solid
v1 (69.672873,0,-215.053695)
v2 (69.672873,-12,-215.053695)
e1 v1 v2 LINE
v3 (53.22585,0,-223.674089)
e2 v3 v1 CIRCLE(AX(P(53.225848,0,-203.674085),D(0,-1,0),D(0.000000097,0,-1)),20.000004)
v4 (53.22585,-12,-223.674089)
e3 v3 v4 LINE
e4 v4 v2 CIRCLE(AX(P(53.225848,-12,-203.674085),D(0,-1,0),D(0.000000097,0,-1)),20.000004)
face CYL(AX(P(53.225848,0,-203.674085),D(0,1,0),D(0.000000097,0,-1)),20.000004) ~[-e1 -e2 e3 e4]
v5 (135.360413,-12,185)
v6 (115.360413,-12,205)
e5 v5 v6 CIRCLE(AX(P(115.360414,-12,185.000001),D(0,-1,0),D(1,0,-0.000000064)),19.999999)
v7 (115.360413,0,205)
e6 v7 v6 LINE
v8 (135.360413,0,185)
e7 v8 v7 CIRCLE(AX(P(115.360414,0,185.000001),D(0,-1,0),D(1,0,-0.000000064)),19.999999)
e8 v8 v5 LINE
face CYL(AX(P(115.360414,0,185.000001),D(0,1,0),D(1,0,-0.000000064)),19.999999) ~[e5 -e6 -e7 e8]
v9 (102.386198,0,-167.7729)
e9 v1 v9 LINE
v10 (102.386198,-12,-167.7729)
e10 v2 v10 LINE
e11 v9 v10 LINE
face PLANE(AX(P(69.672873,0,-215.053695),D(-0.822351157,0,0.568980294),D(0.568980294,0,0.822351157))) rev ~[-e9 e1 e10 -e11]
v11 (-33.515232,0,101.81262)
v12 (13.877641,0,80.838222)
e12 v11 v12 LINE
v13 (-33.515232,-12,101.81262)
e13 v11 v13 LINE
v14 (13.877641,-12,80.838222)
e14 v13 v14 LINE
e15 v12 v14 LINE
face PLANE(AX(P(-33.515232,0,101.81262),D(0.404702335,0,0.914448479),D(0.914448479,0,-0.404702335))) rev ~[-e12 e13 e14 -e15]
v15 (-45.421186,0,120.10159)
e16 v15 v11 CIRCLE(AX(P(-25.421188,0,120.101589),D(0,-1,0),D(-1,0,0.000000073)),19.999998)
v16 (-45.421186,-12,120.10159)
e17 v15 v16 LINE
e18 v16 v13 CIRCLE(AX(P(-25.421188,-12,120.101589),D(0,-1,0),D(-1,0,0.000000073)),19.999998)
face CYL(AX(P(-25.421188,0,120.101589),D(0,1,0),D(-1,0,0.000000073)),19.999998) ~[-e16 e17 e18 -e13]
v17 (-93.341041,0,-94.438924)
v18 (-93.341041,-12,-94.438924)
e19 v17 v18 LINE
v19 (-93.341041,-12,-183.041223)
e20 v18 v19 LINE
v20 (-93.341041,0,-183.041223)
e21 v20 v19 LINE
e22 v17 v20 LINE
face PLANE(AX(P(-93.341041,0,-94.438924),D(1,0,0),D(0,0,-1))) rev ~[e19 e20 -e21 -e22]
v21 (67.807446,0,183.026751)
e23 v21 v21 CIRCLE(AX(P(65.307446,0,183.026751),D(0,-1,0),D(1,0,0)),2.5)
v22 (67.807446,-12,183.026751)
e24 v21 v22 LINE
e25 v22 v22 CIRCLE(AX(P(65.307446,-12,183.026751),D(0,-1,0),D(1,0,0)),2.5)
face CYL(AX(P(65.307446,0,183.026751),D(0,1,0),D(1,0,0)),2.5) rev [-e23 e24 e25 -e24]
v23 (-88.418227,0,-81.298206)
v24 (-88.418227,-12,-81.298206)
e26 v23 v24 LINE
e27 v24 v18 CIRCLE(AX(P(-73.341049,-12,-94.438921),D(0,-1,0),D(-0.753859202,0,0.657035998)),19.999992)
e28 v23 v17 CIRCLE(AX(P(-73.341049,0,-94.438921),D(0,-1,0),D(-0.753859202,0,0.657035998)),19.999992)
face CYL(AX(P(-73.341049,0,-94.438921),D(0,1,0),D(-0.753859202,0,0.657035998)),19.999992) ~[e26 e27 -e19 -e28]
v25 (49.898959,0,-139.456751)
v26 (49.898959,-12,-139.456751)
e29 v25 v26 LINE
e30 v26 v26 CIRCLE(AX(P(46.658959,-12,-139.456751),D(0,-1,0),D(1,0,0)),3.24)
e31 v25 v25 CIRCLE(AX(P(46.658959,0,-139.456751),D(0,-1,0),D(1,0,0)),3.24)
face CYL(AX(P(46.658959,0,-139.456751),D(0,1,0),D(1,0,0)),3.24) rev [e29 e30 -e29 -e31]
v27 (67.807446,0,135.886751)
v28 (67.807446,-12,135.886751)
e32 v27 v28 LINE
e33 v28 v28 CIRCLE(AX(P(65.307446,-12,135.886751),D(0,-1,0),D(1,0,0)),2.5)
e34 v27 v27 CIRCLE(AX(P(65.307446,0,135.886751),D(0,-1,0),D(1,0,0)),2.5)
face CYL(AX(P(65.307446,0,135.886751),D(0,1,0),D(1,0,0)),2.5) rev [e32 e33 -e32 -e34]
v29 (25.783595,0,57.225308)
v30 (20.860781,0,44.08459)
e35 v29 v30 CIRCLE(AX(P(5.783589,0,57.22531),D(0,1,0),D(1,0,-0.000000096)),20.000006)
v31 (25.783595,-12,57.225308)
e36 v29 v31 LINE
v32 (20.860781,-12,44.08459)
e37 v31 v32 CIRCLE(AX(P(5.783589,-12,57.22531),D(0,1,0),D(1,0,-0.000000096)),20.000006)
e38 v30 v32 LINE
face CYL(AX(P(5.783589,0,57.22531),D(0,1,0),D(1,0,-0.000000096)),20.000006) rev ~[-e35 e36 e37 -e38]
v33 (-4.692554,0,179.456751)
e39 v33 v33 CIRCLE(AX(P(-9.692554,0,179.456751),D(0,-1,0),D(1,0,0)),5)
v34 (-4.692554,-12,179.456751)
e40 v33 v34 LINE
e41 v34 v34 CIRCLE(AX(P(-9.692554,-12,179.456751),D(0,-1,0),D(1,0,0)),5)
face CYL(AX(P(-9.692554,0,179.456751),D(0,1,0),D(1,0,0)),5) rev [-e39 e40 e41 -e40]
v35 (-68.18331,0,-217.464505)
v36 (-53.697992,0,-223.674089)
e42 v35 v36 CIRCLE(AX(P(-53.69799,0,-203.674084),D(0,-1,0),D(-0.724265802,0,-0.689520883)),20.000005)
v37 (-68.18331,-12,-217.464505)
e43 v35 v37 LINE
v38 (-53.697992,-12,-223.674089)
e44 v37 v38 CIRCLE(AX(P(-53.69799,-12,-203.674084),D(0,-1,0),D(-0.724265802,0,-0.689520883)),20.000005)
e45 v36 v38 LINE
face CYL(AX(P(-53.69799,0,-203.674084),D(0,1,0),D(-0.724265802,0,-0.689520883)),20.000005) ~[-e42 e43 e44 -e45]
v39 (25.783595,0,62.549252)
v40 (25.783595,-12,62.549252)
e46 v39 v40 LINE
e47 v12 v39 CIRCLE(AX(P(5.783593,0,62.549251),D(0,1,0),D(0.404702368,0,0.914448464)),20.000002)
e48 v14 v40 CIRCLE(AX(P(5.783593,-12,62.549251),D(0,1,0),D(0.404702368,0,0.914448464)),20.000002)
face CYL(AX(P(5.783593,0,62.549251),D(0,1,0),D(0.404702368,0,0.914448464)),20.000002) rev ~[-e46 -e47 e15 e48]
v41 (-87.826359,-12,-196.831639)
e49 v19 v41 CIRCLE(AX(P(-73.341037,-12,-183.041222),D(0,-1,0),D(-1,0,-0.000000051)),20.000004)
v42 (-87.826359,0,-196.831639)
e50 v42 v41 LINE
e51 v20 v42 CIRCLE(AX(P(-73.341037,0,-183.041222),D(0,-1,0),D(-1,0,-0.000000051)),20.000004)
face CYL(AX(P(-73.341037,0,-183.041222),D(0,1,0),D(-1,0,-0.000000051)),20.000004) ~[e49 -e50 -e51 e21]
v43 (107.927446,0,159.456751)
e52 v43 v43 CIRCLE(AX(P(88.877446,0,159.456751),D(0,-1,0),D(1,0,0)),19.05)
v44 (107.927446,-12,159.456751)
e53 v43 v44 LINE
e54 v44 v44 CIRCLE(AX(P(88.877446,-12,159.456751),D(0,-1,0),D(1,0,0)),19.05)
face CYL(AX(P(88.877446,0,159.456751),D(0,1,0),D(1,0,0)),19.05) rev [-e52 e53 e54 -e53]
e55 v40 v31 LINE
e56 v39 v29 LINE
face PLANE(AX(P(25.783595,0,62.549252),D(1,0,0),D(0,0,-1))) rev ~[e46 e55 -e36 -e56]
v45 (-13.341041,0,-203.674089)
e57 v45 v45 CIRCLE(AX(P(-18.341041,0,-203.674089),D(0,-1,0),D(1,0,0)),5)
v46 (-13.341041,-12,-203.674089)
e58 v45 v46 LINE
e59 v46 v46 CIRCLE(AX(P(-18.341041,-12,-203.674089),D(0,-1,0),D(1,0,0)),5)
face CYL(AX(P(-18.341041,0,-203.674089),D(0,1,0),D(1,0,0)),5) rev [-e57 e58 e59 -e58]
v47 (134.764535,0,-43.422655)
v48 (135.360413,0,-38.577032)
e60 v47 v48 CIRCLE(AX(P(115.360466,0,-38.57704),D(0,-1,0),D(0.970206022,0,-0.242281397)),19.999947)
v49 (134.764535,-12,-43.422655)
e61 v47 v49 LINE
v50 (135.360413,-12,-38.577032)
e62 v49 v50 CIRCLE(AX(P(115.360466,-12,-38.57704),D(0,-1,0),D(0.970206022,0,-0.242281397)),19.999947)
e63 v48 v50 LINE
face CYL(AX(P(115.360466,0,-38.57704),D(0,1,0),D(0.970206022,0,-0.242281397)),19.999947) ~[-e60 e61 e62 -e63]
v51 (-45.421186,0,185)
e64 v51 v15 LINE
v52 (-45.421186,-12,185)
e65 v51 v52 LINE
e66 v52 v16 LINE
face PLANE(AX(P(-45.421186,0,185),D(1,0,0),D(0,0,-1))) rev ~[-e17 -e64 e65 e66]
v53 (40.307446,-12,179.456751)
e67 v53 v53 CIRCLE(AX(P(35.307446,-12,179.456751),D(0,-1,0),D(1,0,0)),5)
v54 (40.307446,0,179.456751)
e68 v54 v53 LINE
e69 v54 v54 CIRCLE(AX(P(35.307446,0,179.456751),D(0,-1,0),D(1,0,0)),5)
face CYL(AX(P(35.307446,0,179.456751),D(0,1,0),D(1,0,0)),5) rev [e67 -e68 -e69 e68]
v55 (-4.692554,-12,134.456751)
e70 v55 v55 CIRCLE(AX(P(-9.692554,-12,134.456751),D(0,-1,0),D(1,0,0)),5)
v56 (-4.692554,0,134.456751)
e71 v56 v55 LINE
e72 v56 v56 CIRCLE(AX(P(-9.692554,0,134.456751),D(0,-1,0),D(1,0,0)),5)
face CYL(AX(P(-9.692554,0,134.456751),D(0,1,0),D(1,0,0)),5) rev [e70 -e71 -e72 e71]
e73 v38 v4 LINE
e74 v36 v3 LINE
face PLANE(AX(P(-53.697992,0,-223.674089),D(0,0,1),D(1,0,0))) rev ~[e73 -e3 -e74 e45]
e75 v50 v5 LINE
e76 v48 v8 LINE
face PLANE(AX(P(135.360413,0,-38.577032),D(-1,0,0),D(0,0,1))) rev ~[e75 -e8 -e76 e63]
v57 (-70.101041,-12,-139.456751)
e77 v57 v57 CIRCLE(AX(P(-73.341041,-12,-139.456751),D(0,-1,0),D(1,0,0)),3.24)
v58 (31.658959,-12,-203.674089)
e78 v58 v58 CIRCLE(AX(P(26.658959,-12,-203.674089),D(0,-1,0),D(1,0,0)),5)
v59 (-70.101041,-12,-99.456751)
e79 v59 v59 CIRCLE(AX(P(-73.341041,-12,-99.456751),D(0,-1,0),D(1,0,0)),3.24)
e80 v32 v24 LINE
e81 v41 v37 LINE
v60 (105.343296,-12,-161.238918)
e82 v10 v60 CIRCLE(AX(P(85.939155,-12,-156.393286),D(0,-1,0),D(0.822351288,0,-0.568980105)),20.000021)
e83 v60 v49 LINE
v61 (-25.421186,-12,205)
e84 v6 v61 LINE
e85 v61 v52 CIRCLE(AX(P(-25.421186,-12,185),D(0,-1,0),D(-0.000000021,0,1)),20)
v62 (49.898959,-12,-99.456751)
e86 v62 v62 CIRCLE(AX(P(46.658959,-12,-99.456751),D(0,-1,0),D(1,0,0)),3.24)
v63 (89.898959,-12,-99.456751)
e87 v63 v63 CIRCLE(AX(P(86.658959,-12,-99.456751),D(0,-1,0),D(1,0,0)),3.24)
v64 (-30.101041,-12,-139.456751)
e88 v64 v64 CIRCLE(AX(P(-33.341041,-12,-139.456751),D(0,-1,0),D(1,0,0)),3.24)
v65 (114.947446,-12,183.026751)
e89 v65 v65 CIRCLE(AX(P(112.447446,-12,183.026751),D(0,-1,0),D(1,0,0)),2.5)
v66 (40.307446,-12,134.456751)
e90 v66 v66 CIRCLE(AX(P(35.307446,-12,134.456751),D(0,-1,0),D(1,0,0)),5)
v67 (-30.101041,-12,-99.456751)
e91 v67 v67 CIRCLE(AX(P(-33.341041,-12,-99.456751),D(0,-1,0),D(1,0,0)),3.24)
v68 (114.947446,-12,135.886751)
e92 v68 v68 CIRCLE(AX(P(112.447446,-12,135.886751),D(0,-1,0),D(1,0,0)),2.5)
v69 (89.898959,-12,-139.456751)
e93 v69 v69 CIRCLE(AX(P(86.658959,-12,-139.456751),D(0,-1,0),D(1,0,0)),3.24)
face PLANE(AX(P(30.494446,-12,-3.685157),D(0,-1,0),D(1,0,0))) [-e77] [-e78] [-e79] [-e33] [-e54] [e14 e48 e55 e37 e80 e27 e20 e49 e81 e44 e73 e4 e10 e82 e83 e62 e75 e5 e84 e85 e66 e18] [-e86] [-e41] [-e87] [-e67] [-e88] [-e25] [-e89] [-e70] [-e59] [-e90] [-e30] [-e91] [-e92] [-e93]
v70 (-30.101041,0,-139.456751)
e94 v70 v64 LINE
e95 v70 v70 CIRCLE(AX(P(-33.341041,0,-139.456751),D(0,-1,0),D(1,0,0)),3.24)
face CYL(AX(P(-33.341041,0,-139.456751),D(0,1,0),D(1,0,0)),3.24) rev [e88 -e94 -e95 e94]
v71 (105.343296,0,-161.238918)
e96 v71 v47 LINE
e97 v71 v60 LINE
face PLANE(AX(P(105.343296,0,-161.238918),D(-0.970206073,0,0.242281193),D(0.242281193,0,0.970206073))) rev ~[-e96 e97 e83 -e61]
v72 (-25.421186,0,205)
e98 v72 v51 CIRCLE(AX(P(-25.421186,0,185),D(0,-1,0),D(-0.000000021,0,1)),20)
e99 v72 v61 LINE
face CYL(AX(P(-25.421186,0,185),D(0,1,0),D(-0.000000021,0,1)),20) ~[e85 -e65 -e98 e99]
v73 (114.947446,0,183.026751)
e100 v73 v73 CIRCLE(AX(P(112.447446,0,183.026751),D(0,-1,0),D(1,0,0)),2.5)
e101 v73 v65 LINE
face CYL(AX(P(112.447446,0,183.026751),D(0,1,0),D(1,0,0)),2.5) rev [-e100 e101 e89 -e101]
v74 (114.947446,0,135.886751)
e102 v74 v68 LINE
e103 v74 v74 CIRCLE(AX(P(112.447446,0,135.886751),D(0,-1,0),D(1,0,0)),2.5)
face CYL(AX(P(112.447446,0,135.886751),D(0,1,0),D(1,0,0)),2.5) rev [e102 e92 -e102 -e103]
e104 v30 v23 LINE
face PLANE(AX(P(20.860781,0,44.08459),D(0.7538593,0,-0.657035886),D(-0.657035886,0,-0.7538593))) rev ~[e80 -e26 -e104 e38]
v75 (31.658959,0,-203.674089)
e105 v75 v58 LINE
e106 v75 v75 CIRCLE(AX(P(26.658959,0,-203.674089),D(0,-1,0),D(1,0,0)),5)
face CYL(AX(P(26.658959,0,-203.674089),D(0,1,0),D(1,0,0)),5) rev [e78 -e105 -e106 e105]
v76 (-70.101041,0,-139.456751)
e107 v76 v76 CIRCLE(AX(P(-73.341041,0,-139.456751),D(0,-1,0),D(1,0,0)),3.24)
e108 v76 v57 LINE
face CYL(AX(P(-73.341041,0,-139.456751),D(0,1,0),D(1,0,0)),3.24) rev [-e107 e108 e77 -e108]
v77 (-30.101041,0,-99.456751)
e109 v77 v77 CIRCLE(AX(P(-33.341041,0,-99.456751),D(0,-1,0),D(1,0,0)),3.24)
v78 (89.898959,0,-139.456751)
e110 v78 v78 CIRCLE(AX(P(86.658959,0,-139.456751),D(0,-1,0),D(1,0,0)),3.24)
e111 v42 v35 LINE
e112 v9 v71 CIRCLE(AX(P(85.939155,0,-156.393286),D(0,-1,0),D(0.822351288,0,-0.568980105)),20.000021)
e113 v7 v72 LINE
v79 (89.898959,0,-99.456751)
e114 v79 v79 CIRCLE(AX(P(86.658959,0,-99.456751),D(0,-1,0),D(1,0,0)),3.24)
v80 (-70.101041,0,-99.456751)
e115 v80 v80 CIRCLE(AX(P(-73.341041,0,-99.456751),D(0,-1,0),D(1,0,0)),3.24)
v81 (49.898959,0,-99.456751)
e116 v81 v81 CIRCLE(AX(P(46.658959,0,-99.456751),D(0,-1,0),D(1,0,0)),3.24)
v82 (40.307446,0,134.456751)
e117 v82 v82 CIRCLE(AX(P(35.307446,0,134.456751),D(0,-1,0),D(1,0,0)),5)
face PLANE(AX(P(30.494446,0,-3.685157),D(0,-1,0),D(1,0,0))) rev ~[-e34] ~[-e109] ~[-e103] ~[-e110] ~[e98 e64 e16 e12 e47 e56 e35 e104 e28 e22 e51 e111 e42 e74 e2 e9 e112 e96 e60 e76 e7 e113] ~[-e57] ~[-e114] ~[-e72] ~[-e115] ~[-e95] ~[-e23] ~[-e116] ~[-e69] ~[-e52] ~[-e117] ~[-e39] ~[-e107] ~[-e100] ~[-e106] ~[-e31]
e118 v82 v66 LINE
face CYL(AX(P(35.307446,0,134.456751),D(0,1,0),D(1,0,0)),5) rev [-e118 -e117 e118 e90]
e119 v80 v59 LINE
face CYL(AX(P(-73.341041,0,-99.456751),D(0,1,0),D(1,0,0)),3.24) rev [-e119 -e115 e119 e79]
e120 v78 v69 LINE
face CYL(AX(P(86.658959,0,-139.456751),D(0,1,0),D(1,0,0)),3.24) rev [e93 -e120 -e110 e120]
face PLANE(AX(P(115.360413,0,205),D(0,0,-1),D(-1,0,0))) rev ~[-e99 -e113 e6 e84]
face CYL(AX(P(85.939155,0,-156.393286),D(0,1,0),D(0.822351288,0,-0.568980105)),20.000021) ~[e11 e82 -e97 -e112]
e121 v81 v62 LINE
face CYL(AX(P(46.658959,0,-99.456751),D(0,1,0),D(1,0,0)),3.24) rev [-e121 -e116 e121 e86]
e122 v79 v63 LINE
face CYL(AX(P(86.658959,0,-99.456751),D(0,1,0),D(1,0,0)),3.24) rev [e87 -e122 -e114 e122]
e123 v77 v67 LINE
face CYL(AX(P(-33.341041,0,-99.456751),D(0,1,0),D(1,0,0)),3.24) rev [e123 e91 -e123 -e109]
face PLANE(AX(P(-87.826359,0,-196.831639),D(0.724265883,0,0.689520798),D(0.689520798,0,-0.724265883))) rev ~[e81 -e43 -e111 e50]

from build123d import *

# Parameters (mm, degrees)
F0_R     = 3.24
F0_R_2   = 5
F0_R_3   = 2.5
F0_R_4   = 19.05
F1_DEPTH = 12


with BuildPart() as f1:
    # F0 (on Front) → F1 (new body)
    with BuildSketch(Plane.XZ):
        with BuildLine():
            Line((115.360413, 205), (85.230881, 205))
            Line((85.230881, 205), (25.307446, 205))
            Line((25.307446, 205), (10.35451, 205))
            Line((10.35451, 205), (-13.005401, 205))
            Line((-13.005401, 205), (-25.421186, 205))
            ThreePointArc((-25.421186, 205), (-39.563321, 199.142136), (-45.421186, 185))
            Line((-45.421186, 185), (-45.421186, 120.10159))
            ThreePointArc((-45.421186, 120.10159), (-42.182465, 109.190149), (-33.515232, 101.81262))
            Line((-33.515232, 101.81262), (13.877641, 80.838222))
            ThreePointArc((13.877641, 80.838222), (22.544873, 73.460693), (25.783595, 62.549252))
            Line((25.783595, 62.549252), (25.783595, 57.225308))
            ThreePointArc((25.783595, 57.225308), (24.512499, 50.209031), (20.860781, 44.08459))
            Line((20.860781, 44.08459), (-88.418227, -81.298206))
            ThreePointArc((-88.418227, -81.298206), (-92.069946, -87.422647), (-93.341041, -94.438924))
            Line((-93.341041, -94.438924), (-93.341041, -135.075137))
            Line((-93.341041, -135.075137), (-93.341041, -183.041223))
            ThreePointArc((-93.341041, -183.041223), (-91.911264, -190.467313), (-87.826359, -196.831639))
            Line((-87.826359, -196.831639), (-68.18331, -217.464505))
            ThreePointArc((-68.18331, -217.464505), (-61.578084, -222.056258), (-53.697992, -223.674089))
            Line((-53.697992, -223.674089), (53.22585, -223.674089))
            ThreePointArc((53.22585, -223.674089), (62.510458, -221.388378), (69.672873, -215.053695))
            Line((69.672873, -215.053695), (102.386198, -167.7729))
            ThreePointArc((102.386198, -167.7729), (104.160024, -164.639544), (105.343296, -161.238918))
            Line((105.343296, -161.238918), (134.764535, -43.422655))
            ThreePointArc((134.764535, -43.422655), (135.210885, -41.018094), (135.360413, -38.577032))
            Line((135.360413, -38.577032), (135.360413, 185))
            ThreePointArc((135.360413, 185), (129.502549, 199.142136), (115.360413, 205))
        make_face()
        with Locations((-73.341041, -139.456751)):
            Circle(F0_R, mode=Mode.SUBTRACT)
        with Locations((-18.341041, -203.674089)):
            Circle(F0_R_2, mode=Mode.SUBTRACT)
        with Locations((-33.341041, -139.456751)):
            Circle(F0_R, mode=Mode.SUBTRACT)
        with Locations((-73.341041, -99.456751)):
            Circle(F0_R, mode=Mode.SUBTRACT)
        with Locations((-33.341041, -99.456751)):
            Circle(F0_R, mode=Mode.SUBTRACT)
        with Locations((26.658959, -203.674089)):
            Circle(F0_R_2, mode=Mode.SUBTRACT)
        with Locations((46.658959, -139.456751)):
            Circle(F0_R, mode=Mode.SUBTRACT)
        with Locations((86.658959, -139.456751)):
            Circle(F0_R, mode=Mode.SUBTRACT)
        with Locations((46.658959, -99.456751)):
            Circle(F0_R, mode=Mode.SUBTRACT)
        with Locations((86.658959, -99.456751)):
            Circle(F0_R, mode=Mode.SUBTRACT)
        with Locations((-9.692554, 134.456751)):
            Circle(F0_R_2, mode=Mode.SUBTRACT)
        with Locations((-9.692554, 179.456751)):
            Circle(F0_R_2, mode=Mode.SUBTRACT)
        with Locations((35.307446, 134.456751)):
            Circle(F0_R_2, mode=Mode.SUBTRACT)
        with Locations((65.307446, 135.886751)):
            Circle(F0_R_3, mode=Mode.SUBTRACT)
        with Locations((35.307446, 179.456751)):
            Circle(F0_R_2, mode=Mode.SUBTRACT)
        with Locations((65.307446, 183.026751)):
            Circle(F0_R_3, mode=Mode.SUBTRACT)
        with Locations((112.447446, 135.886751)):
            Circle(F0_R_3, mode=Mode.SUBTRACT)
        with Locations((88.877446, 159.456751)):
            Circle(F0_R_4, mode=Mode.SUBTRACT)
        with Locations((112.447446, 183.026751)):
            Circle(F0_R_3, mode=Mode.SUBTRACT)
    extrude(amount=F1_DEPTH)


solid = f1.part
